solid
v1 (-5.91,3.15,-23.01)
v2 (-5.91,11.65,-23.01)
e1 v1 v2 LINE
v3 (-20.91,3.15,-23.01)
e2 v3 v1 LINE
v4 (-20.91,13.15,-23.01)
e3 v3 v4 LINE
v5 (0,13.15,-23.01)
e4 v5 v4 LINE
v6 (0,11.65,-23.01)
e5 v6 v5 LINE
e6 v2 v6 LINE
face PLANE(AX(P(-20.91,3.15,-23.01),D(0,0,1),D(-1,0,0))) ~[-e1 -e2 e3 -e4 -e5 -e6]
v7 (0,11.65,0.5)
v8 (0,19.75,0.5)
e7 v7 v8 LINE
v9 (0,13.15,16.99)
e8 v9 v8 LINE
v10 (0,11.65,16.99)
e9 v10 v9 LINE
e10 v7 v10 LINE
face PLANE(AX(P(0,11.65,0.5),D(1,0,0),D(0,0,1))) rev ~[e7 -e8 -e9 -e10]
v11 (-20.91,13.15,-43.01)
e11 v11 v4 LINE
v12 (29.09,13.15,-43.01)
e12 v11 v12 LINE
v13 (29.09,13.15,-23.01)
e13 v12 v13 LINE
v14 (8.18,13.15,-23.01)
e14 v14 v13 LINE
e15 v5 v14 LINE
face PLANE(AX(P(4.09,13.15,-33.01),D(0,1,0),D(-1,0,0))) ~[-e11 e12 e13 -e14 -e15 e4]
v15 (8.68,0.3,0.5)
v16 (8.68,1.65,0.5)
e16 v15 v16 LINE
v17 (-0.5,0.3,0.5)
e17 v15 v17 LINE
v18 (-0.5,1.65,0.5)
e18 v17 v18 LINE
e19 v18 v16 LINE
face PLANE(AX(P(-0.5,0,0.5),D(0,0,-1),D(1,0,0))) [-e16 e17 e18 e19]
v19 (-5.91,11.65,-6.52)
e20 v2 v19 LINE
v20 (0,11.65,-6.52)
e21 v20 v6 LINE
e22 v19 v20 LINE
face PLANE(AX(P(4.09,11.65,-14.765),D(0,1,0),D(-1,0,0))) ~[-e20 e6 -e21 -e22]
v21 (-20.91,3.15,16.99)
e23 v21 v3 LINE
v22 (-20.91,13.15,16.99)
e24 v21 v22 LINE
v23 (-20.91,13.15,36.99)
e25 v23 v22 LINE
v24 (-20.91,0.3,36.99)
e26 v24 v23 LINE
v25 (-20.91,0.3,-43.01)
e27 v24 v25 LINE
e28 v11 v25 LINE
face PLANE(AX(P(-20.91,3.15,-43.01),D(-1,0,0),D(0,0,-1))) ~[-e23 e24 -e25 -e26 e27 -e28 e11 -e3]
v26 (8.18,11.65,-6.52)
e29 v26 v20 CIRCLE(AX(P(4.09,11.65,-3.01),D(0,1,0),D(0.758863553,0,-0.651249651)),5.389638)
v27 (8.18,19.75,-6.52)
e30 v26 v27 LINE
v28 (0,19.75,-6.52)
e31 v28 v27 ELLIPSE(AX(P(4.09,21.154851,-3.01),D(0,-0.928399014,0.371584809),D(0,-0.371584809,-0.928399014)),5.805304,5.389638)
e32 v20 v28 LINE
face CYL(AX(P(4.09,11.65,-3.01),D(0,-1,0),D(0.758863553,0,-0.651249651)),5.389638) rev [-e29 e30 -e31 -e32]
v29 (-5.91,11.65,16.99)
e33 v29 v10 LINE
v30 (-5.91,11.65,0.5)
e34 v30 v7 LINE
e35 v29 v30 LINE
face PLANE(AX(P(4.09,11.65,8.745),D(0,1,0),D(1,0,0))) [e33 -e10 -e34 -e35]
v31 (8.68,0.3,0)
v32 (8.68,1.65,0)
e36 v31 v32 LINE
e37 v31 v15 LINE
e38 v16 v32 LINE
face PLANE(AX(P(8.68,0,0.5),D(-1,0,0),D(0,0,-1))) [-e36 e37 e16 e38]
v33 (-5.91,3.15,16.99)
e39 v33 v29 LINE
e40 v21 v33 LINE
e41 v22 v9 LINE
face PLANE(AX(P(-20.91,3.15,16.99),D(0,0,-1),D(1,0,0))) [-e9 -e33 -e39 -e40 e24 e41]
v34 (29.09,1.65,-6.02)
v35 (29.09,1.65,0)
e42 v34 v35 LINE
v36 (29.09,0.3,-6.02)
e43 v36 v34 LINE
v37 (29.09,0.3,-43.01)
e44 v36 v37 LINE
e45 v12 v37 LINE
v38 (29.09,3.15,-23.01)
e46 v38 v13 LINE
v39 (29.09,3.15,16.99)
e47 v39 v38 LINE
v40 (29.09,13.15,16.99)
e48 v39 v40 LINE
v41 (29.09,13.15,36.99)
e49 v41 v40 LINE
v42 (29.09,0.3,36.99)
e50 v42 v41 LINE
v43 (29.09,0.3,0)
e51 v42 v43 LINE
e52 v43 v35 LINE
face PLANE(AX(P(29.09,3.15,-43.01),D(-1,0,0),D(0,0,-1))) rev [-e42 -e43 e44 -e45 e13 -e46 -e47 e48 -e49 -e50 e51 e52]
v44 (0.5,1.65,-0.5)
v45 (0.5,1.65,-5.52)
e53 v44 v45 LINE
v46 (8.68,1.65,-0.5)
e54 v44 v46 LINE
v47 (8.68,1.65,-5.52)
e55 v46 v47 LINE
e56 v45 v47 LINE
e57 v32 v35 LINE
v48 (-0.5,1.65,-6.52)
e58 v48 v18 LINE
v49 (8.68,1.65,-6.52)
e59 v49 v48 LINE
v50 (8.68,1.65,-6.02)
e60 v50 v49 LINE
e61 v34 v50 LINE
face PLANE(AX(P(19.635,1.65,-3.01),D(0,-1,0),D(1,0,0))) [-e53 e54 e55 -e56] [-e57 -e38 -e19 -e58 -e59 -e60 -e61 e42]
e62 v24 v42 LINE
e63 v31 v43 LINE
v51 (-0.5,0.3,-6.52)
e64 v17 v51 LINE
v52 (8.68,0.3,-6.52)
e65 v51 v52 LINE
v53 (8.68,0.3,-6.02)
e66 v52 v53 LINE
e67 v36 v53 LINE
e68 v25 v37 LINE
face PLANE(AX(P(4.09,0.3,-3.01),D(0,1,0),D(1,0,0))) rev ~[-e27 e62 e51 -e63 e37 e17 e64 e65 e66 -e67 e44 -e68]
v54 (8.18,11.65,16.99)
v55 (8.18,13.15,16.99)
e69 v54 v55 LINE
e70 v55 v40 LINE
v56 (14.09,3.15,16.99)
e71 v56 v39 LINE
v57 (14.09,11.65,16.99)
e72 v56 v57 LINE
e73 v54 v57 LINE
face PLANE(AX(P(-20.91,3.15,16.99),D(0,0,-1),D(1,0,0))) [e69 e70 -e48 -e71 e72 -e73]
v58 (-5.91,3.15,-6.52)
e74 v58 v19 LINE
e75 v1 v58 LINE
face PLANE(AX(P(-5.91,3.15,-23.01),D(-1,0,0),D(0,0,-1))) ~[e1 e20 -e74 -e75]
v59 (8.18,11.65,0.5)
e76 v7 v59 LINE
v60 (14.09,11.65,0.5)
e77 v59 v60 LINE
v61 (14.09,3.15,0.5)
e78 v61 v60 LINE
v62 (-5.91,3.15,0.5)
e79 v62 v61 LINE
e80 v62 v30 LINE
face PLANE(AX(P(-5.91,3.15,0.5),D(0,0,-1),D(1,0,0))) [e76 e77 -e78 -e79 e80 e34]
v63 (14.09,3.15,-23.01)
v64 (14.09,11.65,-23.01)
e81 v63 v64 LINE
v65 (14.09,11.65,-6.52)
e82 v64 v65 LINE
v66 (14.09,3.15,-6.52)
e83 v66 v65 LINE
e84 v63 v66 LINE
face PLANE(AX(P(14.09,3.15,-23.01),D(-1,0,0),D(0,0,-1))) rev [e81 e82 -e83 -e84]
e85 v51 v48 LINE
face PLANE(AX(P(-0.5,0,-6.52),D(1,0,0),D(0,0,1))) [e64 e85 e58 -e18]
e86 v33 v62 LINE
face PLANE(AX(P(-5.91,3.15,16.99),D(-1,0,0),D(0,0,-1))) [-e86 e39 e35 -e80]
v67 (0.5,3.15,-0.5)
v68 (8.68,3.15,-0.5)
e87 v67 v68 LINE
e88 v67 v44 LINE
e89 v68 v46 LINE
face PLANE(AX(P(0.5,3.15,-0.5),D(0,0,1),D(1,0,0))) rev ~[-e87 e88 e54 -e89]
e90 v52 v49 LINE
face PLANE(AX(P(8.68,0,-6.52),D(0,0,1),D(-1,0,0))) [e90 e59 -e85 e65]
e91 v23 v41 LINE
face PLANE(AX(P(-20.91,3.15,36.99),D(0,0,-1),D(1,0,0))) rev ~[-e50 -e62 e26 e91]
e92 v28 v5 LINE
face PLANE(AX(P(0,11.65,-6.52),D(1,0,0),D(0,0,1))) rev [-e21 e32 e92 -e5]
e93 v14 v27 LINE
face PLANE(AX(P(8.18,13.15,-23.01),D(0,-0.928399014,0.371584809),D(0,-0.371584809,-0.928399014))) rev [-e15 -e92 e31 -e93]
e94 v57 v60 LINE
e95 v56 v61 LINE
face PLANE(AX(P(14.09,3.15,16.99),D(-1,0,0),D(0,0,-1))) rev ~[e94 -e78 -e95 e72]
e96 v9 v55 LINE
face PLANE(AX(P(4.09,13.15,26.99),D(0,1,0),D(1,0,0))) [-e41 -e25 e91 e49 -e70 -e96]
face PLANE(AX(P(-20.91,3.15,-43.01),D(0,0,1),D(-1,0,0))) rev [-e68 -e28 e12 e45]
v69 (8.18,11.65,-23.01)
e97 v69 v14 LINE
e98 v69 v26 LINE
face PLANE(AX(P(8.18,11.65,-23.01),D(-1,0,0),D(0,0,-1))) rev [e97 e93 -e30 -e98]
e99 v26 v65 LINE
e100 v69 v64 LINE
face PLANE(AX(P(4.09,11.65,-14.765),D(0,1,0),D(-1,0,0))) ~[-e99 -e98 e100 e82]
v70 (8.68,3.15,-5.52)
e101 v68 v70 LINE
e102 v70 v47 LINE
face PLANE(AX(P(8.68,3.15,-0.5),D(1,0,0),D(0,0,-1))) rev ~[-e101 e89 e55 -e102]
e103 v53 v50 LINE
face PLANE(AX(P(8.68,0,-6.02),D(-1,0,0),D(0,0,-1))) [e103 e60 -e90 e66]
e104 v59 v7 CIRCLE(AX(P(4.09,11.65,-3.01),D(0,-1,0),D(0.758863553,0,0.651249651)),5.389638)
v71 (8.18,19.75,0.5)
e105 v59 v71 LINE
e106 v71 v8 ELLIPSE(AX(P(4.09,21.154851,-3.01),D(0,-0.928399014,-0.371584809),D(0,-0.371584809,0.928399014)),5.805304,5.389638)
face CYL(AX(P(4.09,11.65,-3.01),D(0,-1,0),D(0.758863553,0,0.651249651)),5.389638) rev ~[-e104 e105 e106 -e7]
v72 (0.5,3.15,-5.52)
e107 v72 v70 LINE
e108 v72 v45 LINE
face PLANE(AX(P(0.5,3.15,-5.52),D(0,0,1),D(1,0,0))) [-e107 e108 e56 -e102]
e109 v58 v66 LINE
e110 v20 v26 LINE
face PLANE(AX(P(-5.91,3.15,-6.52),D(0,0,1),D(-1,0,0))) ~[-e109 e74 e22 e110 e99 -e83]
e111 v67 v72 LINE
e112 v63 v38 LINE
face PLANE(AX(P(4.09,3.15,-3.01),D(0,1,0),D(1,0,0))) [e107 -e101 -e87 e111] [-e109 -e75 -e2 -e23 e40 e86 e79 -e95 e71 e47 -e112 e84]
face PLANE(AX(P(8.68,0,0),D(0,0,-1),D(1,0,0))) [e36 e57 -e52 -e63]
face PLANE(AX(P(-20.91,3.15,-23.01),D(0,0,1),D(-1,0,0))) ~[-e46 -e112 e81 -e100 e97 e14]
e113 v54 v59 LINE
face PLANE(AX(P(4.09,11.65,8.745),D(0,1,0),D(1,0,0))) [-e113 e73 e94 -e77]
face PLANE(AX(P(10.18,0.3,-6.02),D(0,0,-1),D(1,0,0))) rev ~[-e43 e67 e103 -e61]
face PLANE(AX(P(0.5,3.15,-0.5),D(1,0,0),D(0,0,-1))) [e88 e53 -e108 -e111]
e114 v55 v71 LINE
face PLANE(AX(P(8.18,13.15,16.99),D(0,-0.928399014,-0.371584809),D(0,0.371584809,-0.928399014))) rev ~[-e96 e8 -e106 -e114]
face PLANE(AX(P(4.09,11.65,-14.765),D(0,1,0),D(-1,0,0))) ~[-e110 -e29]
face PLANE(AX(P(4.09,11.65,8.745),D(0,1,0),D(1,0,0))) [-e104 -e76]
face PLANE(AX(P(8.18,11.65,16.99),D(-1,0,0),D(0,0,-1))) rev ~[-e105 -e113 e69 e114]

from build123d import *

# Parameters (mm, degrees)
BOSS_EXTRUDE1_DEPTH  = 3.15
SKETCH3_W            = 12.18
SKETCH3_H            = 10.02
SKETCH3_W_2          = 8.18
SKETCH3_H_2          = 5.02
BOSS_EXTRUDE2_DEPTH  = 1.5
SKETCH5_W            = 12.18
SKETCH5_H            = 10.02
CUT_EXTRUDE1_DEPTH   = 0.3
SKETCH7_W            = 50
SKETCH7_H            = 80
SKETCH7_W_2          = 12.18
SKETCH7_H_2          = 10.02
BOSS_EXTRUDE7_DEPTH  = 2.85
SKETCH8_W            = 50
SKETCH8_H            = 20
BOSS_EXTRUDE8_DEPTH  = 10
SKETCH9_W            = 18.91
SKETCH9_H            = 6.02
CUT_EXTRUDE2_DEPTH   = 1.35
SKETCH11_W           = 20
SKETCH11_H           = 16.49
BOSS_EXTRUDE9_DEPTH  = 8.5
BOSS_EXTRUDE10_DEPTH = 8.1
CUT_EXTRUDE3_DEPTH   = 10


with BuildPart() as part:
    # Sketch1 → Boss-Extrude1 (new body)
    with BuildSketch(Plane(origin=(0, 0, 0), x_dir=(1, 0, 0), z_dir=(0, 1, 0))):
        Polygon((-0.5, -0.5), (8.68, -0.5), (8.68, 0), (10.18, 0), (10.18, -2), (-2, -2), (-2, 8.02), (10.18, 8.02), (10.18, 6.02), (8.68, 6.02), (8.68, 6.52), (-0.5, 6.52), align=None)
    extrude(amount=BOSS_EXTRUDE1_DEPTH)

    # Sketch3 → Boss-Extrude2 (add)
    with BuildSketch(Plane(origin=(0, 3.15, 0), x_dir=(1, 0, 0), z_dir=(0, 1, 0))):
        with Locations((4.09, 3.01)):
            Rectangle(SKETCH3_W, SKETCH3_H)
        with Locations((4.59, 3.01)):
            Rectangle(SKETCH3_W_2, SKETCH3_H_2, mode=Mode.SUBTRACT)
    extrude(amount=-BOSS_EXTRUDE2_DEPTH)

    # Sketch5 → Cut-Extrude1 (cut)
    with BuildSketch(Plane.XZ):
        with Locations((4.09, -3.01)):
            Rectangle(SKETCH5_W, SKETCH5_H)
    extrude(amount=-CUT_EXTRUDE1_DEPTH, mode=Mode.SUBTRACT)

    # Sketch7 → Boss-Extrude7 (add)
    with BuildSketch(Plane(origin=(0, 3.15, 0), x_dir=(1, 0, 0), z_dir=(0, 1, 0))):
        with Locations((4.09, 3.01)):
            Rectangle(SKETCH7_W, SKETCH7_H)
        with Locations((4.09, 3.01)):
            Rectangle(SKETCH7_W_2, SKETCH7_H_2, mode=Mode.SUBTRACT)
    extrude(amount=-BOSS_EXTRUDE7_DEPTH)

    # Sketch8 → Boss-Extrude8 (add)
    with BuildSketch(Plane(origin=(0, 3.15, 0), x_dir=(1, 0, 0), z_dir=(0, 1, 0))):
        with Locations((4.09, -26.99)):
            Rectangle(SKETCH8_W, SKETCH8_H)
    boss_extrude8 = extrude(amount=BOSS_EXTRUDE8_DEPTH)

    # Sketch9 → Cut-Extrude2 (cut)
    with BuildSketch(Plane.XZ.offset(-0.3)):
        with Locations((19.635, -3.01)):
            Rectangle(SKETCH9_W, SKETCH9_H)
    extrude(amount=-CUT_EXTRUDE2_DEPTH, mode=Mode.SUBTRACT)

    # Sketch11 → Boss-Extrude9 (add)
    with BuildSketch(Plane(origin=(0, 3.15, 0), x_dir=(1, 0, 0), z_dir=(0, 1, 0))):
        with Locations((4.09, -8.745)):
            Rectangle(SKETCH11_W, SKETCH11_H)
    boss_extrude9 = extrude(amount=BOSS_EXTRUDE9_DEPTH)

    # Sketch12 → Boss-Extrude10 (add)
    with BuildSketch(Plane(origin=(0, 11.65, 0), x_dir=(1, 0, 0), z_dir=(0, 1, 0))):
        with BuildLine():
            Line((0, -0.5), (0, -16.99))
            Line((0, -16.99), (8.18, -16.99))
            Line((8.18, -16.99), (8.18, -0.5))
            ThreePointArc((8.18, -0.5), (4.09, -2.379638207), (0, -0.5))
        make_face()
    boss_extrude10 = extrude(amount=BOSS_EXTRUDE10_DEPTH)

    # Sketch13 → Cut-Extrude3 (cut)
    with BuildSketch(Plane(origin=(8.18, 0, 0), x_dir=(0, 0, -1), z_dir=(1, 0, 0))):
        Polygon((-16.99, 13.15), (-0.5, 19.75), (-16.99, 19.75), align=None)
    cut_extrude3 = extrude(amount=-CUT_EXTRUDE3_DEPTH, mode=Mode.SUBTRACT)

    # Mirror2: Boss-Extrude8, Boss-Extrude9, Boss-Extrude10, Cut-Extrude3 across plane
    add(boss_extrude8.mirror(Plane.XY.offset(-3.01)))
    add(boss_extrude9.mirror(Plane.XY.offset(-3.01)))
    add(boss_extrude10.mirror(Plane.XY.offset(-3.01)))
    add(cut_extrude3.mirror(Plane.XY.offset(-3.01)), mode=Mode.SUBTRACT)


solid = part.part
